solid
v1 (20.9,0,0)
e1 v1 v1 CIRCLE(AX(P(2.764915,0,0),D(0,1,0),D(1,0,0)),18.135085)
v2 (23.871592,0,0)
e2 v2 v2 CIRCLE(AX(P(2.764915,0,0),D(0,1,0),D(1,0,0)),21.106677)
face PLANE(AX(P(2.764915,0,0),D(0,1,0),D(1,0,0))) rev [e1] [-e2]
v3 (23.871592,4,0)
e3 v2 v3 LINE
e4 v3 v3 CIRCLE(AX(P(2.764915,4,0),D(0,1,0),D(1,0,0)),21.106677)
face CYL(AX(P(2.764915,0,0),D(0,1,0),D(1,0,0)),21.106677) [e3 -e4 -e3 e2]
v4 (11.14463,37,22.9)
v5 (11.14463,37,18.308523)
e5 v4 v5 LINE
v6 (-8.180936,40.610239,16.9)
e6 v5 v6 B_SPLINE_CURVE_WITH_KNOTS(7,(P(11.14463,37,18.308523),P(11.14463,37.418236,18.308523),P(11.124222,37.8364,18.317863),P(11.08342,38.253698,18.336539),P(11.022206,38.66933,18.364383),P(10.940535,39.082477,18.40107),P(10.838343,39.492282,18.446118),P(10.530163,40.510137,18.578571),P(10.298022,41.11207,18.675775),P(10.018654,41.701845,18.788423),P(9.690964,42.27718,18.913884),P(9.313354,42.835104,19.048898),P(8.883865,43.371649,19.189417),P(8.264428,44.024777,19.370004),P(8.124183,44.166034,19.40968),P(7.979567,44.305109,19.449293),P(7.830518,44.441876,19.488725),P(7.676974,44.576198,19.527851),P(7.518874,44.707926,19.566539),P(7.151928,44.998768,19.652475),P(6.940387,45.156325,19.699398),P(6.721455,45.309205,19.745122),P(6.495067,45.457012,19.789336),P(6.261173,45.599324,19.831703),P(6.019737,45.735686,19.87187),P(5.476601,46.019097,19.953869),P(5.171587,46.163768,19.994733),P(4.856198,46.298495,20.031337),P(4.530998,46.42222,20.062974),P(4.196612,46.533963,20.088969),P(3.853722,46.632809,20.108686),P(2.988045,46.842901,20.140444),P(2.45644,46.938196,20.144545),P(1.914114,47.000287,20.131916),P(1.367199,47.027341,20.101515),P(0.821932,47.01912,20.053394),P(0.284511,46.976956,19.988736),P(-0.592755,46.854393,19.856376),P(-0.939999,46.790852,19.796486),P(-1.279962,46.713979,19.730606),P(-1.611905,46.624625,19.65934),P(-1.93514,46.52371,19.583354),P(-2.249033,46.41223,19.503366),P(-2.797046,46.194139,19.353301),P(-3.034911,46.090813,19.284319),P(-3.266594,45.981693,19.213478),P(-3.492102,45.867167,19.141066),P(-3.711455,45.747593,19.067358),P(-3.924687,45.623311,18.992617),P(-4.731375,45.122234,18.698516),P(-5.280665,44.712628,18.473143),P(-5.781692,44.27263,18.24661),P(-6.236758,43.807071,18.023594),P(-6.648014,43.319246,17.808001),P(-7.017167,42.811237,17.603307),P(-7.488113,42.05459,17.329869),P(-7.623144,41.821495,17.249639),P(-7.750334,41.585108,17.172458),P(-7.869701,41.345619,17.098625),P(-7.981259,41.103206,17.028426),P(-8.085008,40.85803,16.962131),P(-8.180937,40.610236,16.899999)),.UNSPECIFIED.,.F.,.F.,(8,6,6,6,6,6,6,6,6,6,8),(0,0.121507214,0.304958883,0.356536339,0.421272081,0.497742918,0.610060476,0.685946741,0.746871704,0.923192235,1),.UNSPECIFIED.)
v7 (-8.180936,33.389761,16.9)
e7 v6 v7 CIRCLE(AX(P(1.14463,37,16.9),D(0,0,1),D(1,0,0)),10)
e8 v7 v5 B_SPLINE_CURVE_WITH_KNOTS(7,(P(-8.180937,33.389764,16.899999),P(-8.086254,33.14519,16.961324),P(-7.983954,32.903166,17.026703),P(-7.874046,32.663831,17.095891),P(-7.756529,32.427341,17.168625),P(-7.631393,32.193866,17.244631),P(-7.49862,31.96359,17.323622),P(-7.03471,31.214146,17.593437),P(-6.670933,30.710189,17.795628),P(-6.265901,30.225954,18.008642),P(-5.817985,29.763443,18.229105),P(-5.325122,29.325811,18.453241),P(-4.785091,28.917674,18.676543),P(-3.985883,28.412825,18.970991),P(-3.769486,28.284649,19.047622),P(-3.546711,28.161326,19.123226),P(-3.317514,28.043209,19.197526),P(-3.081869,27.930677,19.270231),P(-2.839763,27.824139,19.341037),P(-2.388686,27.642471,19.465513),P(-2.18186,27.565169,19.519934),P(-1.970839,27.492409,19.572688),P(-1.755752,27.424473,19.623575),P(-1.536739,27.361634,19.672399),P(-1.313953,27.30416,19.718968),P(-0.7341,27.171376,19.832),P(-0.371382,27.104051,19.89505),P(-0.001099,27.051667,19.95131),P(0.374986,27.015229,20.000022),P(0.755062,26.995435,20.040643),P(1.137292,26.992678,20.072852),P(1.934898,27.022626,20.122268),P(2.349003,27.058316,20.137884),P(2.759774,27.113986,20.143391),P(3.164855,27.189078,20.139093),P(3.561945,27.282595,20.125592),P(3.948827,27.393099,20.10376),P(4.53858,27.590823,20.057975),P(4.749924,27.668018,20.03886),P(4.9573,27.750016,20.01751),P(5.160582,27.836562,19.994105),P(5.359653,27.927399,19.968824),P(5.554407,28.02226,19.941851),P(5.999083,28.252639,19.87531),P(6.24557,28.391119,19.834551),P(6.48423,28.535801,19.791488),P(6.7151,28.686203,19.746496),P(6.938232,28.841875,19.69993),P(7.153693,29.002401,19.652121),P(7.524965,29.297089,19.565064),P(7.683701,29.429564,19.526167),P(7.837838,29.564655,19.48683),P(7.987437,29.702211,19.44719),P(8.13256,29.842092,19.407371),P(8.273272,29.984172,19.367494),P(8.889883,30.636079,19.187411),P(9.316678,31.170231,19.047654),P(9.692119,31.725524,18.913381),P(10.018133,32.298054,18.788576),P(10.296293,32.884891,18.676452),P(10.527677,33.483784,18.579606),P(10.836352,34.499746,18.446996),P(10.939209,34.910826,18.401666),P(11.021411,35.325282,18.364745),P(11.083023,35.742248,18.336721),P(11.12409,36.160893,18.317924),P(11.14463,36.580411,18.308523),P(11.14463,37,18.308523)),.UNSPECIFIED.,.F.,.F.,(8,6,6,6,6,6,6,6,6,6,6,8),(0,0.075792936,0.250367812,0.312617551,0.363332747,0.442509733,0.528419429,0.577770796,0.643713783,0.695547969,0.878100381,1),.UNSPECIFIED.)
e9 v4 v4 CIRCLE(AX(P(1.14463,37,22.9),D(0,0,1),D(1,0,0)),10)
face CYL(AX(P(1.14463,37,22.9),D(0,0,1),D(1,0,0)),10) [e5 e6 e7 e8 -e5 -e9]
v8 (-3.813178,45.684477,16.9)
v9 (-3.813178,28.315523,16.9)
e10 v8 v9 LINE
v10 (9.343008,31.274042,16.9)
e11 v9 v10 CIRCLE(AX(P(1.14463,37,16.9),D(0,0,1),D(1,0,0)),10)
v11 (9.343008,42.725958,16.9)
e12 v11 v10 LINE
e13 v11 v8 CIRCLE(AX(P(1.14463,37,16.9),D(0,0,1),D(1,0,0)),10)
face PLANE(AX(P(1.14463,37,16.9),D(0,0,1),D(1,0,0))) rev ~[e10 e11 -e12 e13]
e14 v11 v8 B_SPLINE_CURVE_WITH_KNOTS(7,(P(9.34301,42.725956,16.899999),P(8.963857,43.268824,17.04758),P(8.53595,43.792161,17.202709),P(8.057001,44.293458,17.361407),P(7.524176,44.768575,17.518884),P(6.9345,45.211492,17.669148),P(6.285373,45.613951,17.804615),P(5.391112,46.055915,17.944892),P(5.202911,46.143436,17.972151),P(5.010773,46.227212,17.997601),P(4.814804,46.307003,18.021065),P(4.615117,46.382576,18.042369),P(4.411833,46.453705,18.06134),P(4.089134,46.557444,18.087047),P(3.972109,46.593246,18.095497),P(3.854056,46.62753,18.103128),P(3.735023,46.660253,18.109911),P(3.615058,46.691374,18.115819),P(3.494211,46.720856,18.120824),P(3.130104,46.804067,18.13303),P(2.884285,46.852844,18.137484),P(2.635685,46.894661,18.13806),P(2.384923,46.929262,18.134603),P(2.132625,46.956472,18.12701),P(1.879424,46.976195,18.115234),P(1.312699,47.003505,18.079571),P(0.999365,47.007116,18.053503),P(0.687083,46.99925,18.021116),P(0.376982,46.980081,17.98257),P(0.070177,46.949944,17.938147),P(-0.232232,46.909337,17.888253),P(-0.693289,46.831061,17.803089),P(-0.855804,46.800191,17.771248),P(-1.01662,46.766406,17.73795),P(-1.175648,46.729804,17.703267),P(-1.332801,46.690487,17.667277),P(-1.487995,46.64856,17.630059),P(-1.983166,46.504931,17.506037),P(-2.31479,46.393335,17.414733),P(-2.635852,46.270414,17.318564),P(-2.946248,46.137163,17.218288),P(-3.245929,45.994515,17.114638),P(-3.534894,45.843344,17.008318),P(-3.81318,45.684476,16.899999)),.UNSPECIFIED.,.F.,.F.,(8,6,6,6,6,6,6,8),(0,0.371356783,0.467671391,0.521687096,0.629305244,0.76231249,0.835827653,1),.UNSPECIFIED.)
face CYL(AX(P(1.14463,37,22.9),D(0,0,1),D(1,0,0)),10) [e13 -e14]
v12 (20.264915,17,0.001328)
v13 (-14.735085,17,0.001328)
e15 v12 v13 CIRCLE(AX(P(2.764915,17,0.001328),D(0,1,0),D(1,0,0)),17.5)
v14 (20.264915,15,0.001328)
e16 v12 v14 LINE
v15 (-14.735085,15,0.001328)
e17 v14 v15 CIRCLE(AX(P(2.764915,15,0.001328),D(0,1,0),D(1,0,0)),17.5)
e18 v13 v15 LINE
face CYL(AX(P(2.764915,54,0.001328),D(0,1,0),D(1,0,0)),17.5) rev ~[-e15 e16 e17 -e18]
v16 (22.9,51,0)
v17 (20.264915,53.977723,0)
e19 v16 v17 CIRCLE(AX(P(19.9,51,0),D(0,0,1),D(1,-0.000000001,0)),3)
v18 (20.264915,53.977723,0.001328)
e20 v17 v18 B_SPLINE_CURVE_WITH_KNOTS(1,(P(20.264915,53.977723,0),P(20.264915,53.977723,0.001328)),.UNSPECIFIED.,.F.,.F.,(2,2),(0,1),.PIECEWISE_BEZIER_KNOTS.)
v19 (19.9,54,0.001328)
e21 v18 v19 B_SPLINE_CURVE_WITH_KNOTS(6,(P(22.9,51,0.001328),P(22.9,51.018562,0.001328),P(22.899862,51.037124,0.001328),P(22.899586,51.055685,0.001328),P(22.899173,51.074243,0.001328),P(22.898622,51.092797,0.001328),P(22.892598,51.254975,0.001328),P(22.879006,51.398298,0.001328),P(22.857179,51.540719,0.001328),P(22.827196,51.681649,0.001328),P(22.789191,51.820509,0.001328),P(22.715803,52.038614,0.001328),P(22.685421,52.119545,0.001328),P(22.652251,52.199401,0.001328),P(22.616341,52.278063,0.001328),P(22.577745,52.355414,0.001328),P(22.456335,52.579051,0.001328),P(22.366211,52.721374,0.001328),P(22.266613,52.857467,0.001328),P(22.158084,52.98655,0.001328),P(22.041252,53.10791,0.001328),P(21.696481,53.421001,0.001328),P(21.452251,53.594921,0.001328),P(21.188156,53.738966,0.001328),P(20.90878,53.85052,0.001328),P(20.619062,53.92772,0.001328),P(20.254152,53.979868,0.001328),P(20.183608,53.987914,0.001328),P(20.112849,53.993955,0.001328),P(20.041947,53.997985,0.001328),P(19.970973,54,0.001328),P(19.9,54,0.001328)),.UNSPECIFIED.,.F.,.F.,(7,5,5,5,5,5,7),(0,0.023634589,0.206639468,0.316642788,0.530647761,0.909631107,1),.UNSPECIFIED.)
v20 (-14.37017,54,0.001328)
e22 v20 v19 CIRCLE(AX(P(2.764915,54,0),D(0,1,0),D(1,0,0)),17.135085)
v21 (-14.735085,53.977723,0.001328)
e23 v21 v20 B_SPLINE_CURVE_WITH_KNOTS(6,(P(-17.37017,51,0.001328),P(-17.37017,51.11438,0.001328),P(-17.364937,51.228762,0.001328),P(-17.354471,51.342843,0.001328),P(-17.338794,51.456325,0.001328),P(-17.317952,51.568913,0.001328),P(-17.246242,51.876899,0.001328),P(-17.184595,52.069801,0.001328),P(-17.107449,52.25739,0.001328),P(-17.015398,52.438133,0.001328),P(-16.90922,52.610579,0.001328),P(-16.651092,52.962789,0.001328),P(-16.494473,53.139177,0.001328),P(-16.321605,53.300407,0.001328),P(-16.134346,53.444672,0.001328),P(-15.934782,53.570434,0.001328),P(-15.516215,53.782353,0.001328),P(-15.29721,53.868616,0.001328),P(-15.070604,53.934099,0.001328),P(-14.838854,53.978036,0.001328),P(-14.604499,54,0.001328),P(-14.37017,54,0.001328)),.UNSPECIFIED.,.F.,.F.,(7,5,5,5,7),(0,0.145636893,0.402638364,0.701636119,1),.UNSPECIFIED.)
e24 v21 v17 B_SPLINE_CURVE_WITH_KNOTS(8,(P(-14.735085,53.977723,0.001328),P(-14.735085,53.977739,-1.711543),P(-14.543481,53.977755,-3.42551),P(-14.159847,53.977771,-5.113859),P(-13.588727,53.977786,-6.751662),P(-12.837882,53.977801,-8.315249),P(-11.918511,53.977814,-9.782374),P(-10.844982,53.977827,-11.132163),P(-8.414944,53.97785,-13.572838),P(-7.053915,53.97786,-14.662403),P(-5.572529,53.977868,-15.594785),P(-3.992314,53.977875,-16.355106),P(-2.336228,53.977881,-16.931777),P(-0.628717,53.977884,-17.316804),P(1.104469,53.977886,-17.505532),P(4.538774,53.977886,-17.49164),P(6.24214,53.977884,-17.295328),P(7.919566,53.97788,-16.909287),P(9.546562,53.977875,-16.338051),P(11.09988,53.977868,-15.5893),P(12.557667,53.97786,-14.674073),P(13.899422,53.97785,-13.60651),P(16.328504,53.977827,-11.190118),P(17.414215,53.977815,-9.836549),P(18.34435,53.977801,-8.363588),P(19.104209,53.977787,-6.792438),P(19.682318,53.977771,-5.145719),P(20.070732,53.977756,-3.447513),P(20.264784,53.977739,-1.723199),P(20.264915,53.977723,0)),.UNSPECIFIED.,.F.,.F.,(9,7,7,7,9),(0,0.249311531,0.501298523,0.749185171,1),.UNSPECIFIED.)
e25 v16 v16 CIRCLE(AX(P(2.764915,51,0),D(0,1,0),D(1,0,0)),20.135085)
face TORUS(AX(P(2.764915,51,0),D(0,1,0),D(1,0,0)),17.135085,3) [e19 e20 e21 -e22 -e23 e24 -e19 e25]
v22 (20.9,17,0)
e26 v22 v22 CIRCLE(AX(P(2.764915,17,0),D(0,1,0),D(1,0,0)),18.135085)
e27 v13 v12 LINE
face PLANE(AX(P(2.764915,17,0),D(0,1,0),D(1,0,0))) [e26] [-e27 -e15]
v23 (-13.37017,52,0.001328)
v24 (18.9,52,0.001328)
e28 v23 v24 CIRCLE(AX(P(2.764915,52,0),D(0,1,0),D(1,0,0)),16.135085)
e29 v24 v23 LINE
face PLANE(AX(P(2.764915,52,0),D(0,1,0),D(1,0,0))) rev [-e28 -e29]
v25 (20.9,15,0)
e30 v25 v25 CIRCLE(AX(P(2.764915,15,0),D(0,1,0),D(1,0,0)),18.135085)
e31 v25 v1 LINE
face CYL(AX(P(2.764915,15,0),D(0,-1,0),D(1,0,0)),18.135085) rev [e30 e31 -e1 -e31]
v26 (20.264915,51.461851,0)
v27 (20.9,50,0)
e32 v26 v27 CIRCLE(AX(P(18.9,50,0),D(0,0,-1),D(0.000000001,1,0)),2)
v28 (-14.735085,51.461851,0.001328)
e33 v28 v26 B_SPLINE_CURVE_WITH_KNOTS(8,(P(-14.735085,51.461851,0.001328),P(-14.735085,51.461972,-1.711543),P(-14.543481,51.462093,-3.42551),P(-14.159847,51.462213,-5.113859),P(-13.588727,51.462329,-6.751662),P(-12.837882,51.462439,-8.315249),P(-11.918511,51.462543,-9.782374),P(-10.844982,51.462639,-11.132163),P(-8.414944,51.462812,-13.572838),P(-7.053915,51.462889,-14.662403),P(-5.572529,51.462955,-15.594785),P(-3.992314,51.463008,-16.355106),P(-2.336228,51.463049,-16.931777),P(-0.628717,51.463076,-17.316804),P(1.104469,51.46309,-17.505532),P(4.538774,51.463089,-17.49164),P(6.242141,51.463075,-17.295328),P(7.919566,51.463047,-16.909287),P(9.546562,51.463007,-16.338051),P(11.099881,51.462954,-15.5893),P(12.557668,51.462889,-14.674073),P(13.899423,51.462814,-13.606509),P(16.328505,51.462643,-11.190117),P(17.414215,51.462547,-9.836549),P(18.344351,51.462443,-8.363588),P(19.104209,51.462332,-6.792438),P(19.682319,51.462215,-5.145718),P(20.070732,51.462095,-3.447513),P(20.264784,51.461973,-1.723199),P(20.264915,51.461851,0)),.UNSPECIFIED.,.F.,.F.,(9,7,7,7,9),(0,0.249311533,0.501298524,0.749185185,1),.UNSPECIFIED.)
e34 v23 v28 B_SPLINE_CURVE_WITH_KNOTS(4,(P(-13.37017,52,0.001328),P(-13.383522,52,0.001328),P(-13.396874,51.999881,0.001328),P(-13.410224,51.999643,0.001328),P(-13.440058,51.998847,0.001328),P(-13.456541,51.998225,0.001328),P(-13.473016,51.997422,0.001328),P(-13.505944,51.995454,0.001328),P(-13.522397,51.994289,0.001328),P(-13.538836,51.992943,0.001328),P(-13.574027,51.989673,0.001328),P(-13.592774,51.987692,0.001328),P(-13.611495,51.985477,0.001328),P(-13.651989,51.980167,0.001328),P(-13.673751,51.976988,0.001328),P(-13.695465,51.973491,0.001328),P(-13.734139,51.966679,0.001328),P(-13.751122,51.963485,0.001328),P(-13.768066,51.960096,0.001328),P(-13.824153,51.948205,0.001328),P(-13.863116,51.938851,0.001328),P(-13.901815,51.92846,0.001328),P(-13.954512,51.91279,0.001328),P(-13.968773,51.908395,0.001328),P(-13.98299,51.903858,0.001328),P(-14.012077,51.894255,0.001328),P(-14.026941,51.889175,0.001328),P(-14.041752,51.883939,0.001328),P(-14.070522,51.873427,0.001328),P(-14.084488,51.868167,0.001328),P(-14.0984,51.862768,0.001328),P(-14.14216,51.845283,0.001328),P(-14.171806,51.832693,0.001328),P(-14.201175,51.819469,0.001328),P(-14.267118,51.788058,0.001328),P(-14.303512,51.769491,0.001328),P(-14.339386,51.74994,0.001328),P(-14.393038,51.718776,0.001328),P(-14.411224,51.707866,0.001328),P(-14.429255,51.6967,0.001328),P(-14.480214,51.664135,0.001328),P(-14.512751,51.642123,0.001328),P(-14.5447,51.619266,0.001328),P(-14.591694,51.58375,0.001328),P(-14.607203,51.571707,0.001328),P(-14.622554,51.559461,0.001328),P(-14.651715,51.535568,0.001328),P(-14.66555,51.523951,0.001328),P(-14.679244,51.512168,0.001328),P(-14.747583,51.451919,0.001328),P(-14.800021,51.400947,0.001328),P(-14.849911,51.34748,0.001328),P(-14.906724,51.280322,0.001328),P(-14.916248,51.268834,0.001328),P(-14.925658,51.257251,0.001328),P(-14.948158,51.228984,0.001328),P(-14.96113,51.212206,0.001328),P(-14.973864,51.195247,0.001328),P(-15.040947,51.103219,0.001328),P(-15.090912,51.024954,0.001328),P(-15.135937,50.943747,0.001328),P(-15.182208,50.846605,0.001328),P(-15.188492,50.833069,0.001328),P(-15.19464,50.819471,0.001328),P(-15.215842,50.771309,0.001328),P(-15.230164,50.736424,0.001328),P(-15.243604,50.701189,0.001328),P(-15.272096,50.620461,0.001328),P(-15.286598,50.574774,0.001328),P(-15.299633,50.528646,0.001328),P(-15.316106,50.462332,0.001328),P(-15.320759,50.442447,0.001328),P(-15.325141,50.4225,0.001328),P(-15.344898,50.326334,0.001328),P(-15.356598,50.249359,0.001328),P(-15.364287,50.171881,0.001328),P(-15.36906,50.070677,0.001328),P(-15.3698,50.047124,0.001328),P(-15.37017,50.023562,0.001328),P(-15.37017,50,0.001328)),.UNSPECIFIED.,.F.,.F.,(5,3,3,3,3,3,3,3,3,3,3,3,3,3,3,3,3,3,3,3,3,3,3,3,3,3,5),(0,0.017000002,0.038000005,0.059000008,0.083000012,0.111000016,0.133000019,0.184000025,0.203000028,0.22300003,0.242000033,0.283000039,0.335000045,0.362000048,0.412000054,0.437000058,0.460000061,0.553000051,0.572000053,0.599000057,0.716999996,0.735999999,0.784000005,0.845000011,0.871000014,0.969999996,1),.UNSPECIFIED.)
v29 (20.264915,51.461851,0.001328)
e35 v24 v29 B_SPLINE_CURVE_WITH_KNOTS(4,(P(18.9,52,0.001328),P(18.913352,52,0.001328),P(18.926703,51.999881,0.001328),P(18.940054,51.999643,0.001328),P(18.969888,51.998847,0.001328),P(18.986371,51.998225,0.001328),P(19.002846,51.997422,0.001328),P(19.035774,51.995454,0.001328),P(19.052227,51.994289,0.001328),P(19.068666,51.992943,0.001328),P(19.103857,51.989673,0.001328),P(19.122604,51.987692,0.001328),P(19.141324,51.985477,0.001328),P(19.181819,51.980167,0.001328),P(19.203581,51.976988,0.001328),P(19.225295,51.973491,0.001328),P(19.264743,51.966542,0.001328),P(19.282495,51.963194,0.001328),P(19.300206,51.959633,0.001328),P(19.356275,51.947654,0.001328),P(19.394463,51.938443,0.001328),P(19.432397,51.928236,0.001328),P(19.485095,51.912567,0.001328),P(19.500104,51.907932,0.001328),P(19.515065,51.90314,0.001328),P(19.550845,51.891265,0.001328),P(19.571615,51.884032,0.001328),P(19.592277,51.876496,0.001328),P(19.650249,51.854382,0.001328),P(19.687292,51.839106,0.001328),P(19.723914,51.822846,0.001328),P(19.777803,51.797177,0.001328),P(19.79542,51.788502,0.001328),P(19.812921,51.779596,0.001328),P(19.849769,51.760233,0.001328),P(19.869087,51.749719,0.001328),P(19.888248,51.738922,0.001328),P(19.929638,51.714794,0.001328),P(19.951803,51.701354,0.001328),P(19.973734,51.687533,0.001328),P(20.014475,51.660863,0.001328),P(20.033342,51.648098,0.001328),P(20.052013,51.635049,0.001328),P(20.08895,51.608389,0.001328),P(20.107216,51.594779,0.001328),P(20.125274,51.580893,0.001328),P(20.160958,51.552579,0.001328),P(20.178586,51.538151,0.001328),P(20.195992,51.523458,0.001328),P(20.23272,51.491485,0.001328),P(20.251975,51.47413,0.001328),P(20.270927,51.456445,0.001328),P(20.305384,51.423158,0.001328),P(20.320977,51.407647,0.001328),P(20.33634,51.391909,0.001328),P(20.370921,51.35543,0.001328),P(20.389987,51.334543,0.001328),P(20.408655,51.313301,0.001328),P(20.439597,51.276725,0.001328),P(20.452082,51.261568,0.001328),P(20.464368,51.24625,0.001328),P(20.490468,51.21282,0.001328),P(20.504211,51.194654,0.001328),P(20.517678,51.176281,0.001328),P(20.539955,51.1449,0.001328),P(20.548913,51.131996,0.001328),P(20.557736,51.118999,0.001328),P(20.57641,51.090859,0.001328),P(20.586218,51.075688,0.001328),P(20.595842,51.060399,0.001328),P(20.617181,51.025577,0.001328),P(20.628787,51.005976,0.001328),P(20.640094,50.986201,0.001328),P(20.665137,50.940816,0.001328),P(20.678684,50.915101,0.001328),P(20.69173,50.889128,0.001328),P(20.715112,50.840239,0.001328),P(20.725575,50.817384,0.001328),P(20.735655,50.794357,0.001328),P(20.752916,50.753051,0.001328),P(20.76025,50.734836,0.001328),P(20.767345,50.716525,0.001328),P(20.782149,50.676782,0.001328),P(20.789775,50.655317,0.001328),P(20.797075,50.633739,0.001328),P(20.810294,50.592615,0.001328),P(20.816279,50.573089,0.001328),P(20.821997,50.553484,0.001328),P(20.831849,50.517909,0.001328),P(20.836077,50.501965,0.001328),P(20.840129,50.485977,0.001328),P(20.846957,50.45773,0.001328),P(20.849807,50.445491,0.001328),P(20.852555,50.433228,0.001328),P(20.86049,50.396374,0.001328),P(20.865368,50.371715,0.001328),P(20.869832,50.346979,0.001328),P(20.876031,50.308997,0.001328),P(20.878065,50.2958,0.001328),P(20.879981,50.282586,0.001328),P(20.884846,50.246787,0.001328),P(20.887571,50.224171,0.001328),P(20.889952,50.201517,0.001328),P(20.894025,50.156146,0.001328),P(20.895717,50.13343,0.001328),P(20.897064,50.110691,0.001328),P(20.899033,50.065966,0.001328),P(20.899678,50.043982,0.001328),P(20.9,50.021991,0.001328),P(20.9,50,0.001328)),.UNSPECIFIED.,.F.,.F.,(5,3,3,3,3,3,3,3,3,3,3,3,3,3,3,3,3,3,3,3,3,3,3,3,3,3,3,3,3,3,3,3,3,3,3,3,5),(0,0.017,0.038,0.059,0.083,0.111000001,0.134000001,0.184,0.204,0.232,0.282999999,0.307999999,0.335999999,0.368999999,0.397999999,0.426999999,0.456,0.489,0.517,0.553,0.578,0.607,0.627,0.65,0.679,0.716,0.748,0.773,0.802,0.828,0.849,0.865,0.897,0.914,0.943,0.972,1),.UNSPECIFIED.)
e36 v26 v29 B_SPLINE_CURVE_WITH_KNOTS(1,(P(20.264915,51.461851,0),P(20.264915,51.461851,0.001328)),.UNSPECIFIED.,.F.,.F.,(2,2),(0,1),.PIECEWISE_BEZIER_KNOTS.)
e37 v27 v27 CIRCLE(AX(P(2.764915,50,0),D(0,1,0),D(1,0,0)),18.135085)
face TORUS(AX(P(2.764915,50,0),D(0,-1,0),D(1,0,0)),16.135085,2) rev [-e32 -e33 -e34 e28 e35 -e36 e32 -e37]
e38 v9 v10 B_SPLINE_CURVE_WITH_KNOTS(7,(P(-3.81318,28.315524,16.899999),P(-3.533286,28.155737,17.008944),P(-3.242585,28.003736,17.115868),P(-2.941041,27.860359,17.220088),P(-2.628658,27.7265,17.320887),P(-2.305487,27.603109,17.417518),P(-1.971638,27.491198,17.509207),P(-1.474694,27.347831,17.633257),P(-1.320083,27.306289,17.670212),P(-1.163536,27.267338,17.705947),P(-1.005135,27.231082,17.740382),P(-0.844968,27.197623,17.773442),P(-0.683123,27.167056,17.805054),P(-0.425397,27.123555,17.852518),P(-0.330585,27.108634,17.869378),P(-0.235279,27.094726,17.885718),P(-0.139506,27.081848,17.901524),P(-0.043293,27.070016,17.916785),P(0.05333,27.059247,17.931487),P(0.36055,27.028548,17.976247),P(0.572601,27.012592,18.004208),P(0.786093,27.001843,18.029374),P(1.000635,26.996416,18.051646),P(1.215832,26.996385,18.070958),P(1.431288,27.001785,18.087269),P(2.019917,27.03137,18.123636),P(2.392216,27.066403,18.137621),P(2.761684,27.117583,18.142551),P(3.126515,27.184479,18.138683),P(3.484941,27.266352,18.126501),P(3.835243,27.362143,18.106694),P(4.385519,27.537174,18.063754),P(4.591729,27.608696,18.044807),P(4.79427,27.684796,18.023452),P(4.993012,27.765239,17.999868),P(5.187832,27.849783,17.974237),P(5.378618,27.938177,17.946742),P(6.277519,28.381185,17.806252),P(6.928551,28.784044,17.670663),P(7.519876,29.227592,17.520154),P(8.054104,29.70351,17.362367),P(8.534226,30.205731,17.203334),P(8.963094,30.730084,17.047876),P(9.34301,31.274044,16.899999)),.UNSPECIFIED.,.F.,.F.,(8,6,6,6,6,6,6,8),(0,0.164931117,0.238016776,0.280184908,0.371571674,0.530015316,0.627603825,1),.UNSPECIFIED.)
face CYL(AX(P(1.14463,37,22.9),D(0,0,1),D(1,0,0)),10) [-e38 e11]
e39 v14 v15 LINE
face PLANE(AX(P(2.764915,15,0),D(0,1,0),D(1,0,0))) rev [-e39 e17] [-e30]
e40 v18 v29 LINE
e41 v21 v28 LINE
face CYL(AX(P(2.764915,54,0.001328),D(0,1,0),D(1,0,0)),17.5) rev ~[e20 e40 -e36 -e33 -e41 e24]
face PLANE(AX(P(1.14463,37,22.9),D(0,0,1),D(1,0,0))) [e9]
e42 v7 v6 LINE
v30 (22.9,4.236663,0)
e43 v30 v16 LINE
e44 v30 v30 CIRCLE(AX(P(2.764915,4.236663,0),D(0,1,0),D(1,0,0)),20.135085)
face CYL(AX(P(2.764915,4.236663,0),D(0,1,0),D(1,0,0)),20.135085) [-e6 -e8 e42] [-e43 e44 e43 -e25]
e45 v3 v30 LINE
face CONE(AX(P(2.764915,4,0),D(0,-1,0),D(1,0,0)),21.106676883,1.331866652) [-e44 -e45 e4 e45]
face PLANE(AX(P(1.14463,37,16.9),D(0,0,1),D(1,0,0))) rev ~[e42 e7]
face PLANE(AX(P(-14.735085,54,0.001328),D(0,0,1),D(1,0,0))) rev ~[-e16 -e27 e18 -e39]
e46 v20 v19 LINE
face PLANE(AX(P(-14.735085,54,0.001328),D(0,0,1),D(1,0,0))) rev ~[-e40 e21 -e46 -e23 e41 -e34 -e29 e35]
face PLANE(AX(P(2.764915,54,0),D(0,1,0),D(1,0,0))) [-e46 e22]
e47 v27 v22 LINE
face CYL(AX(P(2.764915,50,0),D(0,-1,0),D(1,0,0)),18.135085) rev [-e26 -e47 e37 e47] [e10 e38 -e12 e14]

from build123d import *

# Parameters (mm, degrees)
SKETCH4_R           = 10
BOSS_EXTRUDE2_DEPTH = 6
CUT_EXTRUDE2_DEPTH  = 40


with BuildPart() as part:
    # Sketch1 → Revolve1 (revolve)
    with BuildSketch(Plane.XY):
        with BuildLine():
            Line((20.9, 0), (23.871591838, 0))
            Line((23.871591838, 0), (23.871591838, 4))
            Line((23.871591838, 4), (22.9, 4.236662843))
            Line((22.9, 4.236662843), (22.9, 51))
            ThreePointArc((22.9, 51), (22.021320344, 53.121320344), (19.9, 54))
            Line((19.9, 54), (2.764914955, 54))
            Line((2.764914955, 54), (2.764914955, 52))
            Line((2.764914955, 52), (18.9, 52))
            ThreePointArc((18.9, 52), (20.314213562, 51.414213562), (20.9, 50))
            Line((20.9, 50), (20.9, 17))
            Line((20.9, 17), (2.764914955, 17))
            Line((2.764914955, 17), (2.764914955, 15))
            Line((2.764914955, 15), (20.9, 15))
            Line((20.9, 15), (20.9, 0))
        make_face()
    revolve(axis=Axis((2.764914955, 7.821821657, 0), (0, 1, 0)))

    # Sketch4 → Boss-Extrude2 (add)
    with BuildSketch(Plane.XY.offset(22.9)):
        with Locations((1.144629865, 37)):
            Circle(SKETCH4_R)
    extrude(amount=-BOSS_EXTRUDE2_DEPTH)

    # Sketch9 → Cut-Extrude2 (cut)
    with BuildSketch(Plane(origin=(0, 54, 0), x_dir=(1, 0, 0), z_dir=(0, 1, 0))):
        with BuildLine():
            Line((-14.735084994, -0.001327718), (20.264915006, -0.001327718))
            ThreePointArc((20.264915006, -0.001327718), (2.764915006, 17.498672282), (-14.735084994, -0.001327718))
        make_face()
    extrude(amount=-CUT_EXTRUDE2_DEPTH, mode=Mode.SUBTRACT)


solid = part.part
